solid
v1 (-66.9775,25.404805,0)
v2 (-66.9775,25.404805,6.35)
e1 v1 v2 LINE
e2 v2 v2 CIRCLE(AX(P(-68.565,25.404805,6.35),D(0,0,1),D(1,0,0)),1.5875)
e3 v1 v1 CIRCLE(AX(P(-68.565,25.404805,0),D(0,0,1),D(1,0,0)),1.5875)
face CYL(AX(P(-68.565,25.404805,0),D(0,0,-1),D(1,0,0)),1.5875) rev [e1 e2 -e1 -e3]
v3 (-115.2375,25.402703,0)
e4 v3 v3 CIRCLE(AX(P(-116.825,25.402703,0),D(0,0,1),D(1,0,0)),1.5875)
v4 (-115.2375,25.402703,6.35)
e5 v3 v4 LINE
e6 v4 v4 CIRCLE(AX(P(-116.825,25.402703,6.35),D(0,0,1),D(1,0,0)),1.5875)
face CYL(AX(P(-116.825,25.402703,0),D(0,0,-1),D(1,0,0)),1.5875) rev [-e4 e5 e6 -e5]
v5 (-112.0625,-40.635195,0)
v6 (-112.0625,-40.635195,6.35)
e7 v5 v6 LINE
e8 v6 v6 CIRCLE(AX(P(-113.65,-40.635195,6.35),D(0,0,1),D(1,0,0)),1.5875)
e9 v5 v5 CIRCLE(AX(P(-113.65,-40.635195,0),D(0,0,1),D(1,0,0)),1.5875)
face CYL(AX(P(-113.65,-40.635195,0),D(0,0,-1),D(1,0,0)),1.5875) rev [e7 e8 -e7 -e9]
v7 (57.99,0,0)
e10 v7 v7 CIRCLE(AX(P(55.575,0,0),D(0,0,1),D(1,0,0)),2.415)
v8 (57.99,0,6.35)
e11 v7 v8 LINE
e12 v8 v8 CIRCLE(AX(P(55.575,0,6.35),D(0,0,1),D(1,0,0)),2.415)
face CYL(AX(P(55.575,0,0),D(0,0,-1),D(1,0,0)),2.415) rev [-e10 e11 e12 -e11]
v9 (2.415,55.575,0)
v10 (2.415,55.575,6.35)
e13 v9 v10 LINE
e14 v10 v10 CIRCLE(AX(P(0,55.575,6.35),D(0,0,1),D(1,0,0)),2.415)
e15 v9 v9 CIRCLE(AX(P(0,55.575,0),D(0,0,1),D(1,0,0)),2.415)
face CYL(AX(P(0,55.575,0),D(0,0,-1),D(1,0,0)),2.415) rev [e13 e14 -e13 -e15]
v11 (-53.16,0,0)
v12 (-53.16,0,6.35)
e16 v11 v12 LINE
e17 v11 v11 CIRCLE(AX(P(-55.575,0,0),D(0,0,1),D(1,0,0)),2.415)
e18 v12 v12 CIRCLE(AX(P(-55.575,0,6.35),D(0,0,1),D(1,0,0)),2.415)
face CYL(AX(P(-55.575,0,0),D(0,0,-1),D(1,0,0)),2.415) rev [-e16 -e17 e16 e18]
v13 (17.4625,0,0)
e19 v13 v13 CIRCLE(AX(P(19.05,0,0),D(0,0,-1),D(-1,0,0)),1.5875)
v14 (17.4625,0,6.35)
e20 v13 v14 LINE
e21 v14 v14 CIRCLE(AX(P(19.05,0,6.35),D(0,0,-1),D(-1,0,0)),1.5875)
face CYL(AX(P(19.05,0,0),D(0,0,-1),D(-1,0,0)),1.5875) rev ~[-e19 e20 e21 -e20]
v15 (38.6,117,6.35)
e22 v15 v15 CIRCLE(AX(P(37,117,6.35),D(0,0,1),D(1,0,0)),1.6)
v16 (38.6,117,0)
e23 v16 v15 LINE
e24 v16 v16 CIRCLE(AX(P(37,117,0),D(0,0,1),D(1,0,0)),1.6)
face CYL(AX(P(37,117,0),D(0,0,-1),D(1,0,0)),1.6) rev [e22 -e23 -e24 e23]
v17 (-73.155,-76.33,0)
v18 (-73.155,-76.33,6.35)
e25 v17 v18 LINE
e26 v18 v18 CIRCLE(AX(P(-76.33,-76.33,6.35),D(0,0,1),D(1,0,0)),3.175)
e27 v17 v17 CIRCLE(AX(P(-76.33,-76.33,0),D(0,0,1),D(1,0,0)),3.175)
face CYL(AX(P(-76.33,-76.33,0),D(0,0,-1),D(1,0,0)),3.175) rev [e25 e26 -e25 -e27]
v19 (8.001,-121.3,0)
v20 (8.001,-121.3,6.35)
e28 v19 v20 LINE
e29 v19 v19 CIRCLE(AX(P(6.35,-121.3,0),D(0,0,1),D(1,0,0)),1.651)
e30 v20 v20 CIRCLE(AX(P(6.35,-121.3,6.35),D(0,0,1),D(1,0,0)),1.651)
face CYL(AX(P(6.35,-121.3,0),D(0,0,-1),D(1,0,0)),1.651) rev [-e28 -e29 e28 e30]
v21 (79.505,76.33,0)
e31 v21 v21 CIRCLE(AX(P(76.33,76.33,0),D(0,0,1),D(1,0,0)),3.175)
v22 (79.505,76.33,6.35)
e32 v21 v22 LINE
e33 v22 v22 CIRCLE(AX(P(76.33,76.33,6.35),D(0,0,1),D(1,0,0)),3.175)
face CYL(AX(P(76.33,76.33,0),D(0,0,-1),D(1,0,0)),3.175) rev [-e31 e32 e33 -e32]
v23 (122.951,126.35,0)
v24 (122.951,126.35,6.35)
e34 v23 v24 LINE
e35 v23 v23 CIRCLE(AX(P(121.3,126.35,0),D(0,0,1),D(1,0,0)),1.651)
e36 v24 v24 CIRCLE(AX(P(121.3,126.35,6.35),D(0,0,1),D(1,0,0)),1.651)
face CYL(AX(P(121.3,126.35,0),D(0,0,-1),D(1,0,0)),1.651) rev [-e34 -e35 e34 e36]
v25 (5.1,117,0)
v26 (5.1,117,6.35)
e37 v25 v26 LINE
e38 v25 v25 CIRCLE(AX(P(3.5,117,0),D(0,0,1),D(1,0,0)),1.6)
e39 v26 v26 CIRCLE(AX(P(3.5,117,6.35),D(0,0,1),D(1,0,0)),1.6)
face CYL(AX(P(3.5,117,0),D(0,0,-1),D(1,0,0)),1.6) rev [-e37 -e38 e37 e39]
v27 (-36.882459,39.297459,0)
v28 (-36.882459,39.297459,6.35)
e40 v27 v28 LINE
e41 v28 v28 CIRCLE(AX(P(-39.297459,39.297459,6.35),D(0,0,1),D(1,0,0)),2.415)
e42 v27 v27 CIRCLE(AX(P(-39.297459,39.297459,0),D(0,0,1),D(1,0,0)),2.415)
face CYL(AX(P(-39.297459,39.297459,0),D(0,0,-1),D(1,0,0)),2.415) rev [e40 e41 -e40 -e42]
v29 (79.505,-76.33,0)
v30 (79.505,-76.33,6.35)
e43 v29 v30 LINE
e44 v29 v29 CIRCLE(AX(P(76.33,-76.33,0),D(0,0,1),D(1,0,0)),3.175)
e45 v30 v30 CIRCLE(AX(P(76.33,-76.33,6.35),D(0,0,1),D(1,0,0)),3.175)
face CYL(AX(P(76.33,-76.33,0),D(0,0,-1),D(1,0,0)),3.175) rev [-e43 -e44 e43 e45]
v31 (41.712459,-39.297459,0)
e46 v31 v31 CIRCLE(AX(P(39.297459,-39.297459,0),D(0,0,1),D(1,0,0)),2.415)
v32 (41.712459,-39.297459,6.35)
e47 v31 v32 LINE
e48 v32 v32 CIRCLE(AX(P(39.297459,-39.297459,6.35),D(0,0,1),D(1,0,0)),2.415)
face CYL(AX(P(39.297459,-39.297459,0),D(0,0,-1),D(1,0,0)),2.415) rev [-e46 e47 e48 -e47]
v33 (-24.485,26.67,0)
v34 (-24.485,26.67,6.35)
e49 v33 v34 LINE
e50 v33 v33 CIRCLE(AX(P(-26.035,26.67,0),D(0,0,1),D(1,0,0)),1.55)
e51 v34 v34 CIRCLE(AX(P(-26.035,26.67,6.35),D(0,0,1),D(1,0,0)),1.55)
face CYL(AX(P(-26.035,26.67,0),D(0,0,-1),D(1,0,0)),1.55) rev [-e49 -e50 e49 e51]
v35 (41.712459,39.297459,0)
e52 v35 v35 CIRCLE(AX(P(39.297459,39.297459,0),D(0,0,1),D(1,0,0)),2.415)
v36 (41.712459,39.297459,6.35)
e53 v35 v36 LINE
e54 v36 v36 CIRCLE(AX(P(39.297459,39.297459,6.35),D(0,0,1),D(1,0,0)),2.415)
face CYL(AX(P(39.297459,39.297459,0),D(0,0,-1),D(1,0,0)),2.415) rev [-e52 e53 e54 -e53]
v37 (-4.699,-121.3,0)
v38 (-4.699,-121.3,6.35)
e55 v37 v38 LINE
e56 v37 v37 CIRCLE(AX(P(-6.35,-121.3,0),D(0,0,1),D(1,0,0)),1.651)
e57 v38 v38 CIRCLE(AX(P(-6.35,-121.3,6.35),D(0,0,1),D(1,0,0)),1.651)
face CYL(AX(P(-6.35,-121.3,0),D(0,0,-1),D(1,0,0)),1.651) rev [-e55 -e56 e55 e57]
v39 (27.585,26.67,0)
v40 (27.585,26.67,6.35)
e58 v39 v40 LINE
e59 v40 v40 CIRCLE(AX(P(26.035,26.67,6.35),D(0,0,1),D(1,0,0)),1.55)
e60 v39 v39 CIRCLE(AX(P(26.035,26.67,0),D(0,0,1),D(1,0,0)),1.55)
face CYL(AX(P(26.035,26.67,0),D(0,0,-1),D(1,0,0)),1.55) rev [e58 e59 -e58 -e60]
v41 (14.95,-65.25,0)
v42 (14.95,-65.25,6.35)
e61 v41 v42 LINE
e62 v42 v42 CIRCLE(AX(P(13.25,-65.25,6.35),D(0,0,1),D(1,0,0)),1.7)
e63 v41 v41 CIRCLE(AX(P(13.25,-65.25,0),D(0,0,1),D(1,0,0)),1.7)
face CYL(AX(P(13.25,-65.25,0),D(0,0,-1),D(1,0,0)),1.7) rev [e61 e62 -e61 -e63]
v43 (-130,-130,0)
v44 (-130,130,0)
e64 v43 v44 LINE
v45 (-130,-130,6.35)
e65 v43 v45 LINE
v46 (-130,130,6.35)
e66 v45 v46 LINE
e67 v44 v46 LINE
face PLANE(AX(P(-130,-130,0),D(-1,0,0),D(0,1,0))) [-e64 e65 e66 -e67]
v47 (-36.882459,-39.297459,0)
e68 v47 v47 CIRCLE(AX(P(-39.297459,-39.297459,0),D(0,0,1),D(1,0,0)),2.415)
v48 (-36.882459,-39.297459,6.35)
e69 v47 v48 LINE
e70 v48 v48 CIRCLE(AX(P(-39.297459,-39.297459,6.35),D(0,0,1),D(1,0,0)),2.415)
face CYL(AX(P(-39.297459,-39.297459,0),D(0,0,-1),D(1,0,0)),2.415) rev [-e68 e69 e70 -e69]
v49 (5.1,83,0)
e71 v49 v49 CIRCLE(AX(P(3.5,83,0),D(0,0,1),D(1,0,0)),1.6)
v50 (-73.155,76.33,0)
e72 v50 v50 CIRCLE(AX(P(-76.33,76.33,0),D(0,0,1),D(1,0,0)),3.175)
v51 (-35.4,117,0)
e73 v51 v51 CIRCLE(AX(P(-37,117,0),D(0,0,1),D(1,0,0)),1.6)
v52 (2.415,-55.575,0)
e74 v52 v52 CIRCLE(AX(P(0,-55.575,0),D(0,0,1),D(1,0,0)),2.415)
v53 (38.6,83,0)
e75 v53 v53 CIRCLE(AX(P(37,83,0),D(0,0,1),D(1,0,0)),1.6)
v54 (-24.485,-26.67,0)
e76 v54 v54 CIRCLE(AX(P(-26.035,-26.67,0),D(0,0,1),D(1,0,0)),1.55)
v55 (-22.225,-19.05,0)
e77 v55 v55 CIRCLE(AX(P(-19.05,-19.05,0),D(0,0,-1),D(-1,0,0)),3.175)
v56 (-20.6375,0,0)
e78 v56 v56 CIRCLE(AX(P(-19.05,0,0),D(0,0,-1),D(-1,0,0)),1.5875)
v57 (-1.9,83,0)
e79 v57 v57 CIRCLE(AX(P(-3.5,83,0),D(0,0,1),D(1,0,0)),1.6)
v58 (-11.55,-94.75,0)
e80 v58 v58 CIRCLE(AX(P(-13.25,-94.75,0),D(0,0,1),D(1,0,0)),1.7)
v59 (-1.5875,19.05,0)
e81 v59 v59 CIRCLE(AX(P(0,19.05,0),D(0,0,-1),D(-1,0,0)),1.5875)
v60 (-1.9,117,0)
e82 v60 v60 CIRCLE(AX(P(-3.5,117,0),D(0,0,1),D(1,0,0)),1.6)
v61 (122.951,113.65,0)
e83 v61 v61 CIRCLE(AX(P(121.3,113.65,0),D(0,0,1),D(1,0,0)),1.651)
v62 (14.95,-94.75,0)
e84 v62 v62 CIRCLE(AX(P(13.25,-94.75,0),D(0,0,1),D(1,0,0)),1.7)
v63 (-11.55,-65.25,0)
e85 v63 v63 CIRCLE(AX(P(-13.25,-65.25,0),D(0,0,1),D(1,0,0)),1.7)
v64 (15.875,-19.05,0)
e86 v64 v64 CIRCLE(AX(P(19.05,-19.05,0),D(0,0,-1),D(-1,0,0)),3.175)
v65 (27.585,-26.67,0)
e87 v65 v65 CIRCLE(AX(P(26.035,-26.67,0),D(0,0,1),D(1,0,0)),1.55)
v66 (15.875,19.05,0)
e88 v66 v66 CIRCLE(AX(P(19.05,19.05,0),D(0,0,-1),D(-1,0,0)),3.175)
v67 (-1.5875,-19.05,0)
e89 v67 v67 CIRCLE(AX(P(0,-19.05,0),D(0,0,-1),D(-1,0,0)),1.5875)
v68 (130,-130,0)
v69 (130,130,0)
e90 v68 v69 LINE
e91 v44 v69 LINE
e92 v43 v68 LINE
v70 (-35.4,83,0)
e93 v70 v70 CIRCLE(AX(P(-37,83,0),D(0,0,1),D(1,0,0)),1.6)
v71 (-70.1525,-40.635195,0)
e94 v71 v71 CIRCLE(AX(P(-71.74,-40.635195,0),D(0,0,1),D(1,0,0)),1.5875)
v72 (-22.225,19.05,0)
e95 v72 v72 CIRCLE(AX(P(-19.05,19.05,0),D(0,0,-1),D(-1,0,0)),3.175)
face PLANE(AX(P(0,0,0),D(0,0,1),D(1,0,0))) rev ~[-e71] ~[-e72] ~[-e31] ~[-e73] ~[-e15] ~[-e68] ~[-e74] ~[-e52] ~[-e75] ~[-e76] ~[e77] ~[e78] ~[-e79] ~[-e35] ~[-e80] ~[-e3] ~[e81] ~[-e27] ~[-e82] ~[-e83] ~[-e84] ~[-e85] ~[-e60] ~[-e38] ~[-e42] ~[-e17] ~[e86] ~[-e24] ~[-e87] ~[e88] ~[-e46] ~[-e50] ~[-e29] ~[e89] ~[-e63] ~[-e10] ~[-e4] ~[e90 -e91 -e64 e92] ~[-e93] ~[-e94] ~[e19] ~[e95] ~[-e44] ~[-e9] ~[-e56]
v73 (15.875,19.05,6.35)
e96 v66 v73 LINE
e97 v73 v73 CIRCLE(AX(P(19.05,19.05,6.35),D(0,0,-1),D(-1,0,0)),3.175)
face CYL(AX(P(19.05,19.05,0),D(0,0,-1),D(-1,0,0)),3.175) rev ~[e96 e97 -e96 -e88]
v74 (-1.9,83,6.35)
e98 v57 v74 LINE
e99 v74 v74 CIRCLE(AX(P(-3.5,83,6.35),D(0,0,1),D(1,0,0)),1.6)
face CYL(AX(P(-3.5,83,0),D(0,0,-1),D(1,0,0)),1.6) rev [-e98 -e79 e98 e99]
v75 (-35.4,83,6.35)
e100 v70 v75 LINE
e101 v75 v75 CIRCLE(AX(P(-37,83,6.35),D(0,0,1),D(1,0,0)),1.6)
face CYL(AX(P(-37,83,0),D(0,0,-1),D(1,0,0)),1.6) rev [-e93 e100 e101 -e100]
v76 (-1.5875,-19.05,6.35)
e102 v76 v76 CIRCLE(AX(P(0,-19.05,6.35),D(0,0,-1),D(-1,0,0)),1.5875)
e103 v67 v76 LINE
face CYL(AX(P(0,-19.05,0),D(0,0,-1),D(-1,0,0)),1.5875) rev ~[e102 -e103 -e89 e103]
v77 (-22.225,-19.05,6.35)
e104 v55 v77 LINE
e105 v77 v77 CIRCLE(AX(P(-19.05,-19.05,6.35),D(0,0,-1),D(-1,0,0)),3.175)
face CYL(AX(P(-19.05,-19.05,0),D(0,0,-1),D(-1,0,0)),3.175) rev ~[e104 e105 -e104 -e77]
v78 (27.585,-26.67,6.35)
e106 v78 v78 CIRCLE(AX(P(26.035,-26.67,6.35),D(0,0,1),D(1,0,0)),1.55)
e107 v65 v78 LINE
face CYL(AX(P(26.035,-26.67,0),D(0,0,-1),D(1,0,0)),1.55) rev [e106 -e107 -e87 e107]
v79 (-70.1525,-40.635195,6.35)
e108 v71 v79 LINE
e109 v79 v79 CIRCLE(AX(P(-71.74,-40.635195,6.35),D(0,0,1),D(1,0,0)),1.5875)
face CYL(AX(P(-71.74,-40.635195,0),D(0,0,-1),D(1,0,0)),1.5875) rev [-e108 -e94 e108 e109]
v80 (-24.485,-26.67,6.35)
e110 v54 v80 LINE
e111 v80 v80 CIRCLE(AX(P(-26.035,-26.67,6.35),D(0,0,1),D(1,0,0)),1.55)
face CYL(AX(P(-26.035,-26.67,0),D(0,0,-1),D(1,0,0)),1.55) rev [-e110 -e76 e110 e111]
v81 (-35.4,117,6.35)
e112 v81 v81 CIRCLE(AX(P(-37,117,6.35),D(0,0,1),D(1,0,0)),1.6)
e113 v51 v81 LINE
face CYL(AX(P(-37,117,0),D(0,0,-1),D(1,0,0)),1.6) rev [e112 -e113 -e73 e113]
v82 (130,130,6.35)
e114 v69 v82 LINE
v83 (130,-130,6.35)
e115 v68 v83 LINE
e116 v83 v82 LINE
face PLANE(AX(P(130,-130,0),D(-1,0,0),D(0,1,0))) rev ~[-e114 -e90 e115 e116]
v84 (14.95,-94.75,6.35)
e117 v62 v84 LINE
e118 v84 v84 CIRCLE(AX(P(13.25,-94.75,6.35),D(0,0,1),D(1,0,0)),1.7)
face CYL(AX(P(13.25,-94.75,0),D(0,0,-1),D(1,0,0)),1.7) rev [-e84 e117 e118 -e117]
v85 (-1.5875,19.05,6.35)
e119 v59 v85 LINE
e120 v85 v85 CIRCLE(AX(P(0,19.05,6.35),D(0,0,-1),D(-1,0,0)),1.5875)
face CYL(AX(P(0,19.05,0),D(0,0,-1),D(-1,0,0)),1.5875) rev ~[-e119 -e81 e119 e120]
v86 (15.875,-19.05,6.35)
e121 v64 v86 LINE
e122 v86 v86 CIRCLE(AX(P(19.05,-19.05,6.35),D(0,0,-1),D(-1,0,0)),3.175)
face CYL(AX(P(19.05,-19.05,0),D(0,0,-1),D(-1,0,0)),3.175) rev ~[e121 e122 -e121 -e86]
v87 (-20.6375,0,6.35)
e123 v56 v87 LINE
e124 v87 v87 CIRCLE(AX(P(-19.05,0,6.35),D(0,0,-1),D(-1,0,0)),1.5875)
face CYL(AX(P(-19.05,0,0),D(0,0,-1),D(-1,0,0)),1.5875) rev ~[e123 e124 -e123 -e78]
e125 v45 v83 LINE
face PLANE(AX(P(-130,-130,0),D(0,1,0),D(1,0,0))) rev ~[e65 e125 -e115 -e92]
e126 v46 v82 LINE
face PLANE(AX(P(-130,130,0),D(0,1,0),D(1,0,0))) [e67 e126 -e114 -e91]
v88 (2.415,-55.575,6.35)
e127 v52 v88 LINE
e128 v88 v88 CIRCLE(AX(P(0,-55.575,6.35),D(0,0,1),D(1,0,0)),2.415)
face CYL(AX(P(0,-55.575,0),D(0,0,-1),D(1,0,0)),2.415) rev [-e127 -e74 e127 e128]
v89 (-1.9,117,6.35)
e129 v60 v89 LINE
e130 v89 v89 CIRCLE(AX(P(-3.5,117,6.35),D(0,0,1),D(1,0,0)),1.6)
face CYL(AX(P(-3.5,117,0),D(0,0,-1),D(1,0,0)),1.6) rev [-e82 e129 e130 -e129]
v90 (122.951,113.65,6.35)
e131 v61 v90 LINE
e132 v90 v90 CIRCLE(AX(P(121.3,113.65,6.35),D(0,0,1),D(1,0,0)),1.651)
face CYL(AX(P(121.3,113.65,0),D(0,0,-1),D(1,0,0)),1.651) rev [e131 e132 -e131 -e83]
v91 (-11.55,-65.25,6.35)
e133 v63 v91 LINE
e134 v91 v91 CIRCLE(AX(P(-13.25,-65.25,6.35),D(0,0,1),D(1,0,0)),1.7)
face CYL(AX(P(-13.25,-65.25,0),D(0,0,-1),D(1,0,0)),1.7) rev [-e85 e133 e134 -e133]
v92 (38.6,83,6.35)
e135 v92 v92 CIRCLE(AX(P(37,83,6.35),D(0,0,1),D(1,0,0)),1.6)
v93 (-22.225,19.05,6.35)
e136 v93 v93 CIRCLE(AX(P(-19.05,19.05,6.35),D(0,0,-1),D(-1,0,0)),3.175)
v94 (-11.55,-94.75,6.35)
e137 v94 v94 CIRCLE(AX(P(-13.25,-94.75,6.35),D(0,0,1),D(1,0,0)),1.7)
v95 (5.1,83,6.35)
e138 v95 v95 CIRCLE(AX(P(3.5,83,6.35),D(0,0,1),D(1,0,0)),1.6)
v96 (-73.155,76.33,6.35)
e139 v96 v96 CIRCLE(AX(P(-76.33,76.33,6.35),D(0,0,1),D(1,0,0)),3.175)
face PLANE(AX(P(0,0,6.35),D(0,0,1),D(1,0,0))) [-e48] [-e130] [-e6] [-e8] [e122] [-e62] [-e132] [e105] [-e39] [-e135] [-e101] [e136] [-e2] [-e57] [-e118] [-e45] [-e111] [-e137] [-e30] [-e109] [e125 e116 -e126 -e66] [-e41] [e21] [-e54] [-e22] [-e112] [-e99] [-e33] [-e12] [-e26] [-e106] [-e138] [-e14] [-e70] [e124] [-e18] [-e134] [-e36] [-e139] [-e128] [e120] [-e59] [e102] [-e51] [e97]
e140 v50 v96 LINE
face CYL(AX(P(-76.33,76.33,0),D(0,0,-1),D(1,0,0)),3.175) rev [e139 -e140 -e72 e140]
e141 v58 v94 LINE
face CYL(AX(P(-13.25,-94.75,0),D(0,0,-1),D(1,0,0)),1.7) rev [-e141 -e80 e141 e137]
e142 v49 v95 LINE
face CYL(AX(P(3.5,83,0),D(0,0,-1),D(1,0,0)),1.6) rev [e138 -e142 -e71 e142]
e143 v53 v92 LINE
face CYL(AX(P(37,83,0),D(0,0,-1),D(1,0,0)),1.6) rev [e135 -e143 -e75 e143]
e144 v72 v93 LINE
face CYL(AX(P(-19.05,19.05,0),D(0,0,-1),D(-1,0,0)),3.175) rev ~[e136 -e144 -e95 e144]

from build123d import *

# Parameters (mm, degrees)
SKETCH1_W           = 260
SKETCH1_H           = 260
SKETCH1_R           = 1.55
SKETCH1_R_2         = 1.5875
SKETCH1_R_3         = 1.6
SKETCH1_R_4         = 1.7
SKETCH1_R_5         = 3.175
SKETCH1_R_6         = 2.415
SKETCH1_R_7         = 1.651
BOSS_EXTRUDE2_DEPTH = 6.35
SKETCH2_R           = 1.5875
CUT_EXTRUDE1_DEPTH  = 7.35
SKETCH3_R           = 3.175
CUT_EXTRUDE2_DEPTH  = 7.35


with BuildPart() as part:
    # Sketch1 → Boss-Extrude2 (new body)
    with BuildSketch(Plane.XY):
        Rectangle(SKETCH1_W, SKETCH1_H)
        with Locations((-26.035, 26.67)):
            Circle(SKETCH1_R, mode=Mode.SUBTRACT)
        with Locations((-26.035, -26.67)):
            Circle(SKETCH1_R, mode=Mode.SUBTRACT)
        with Locations((26.035, 26.67)):
            Circle(SKETCH1_R, mode=Mode.SUBTRACT)
        with Locations((26.035, -26.67)):
            Circle(SKETCH1_R, mode=Mode.SUBTRACT)
        with Locations((-116.825, 25.402702903)):
            Circle(SKETCH1_R_2, mode=Mode.SUBTRACT)
        with Locations((-113.65, -40.635194695)):
            Circle(SKETCH1_R_2, mode=Mode.SUBTRACT)
        with Locations((-68.565, 25.404805305)):
            Circle(SKETCH1_R_2, mode=Mode.SUBTRACT)
        with Locations((-37, 117)):
            Circle(SKETCH1_R_3, mode=Mode.SUBTRACT)
        with Locations((-37, 83)):
            Circle(SKETCH1_R_3, mode=Mode.SUBTRACT)
        with Locations((-3.5, 117)):
            Circle(SKETCH1_R_3, mode=Mode.SUBTRACT)
        with Locations((-3.5, 83)):
            Circle(SKETCH1_R_3, mode=Mode.SUBTRACT)
        with Locations((3.5, 117)):
            Circle(SKETCH1_R_3, mode=Mode.SUBTRACT)
        with Locations((37, 117)):
            Circle(SKETCH1_R_3, mode=Mode.SUBTRACT)
        with Locations((37, 83)):
            Circle(SKETCH1_R_3, mode=Mode.SUBTRACT)
        with Locations((3.5, 83)):
            Circle(SKETCH1_R_3, mode=Mode.SUBTRACT)
        with Locations((-13.25, -65.25)):
            Circle(SKETCH1_R_4, mode=Mode.SUBTRACT)
        with Locations((13.25, -65.25)):
            Circle(SKETCH1_R_4, mode=Mode.SUBTRACT)
        with Locations((13.25, -94.75)):
            Circle(SKETCH1_R_4, mode=Mode.SUBTRACT)
        with Locations((-13.25, -94.75)):
            Circle(SKETCH1_R_4, mode=Mode.SUBTRACT)
        with Locations((-76.33, 76.33)):
            Circle(SKETCH1_R_5, mode=Mode.SUBTRACT)
        with Locations((0, 55.575)):
            Circle(SKETCH1_R_6, mode=Mode.SUBTRACT)
        with Locations((-55.575, 0)):
            Circle(SKETCH1_R_6, mode=Mode.SUBTRACT)
        with Locations((0, -55.575)):
            Circle(SKETCH1_R_6, mode=Mode.SUBTRACT)
        with Locations((55.575, 0)):
            Circle(SKETCH1_R_6, mode=Mode.SUBTRACT)
        with Locations((-39.297459364, 39.297459364)):
            Circle(SKETCH1_R_6, mode=Mode.SUBTRACT)
        with Locations((39.297459364, 39.297459364)):
            Circle(SKETCH1_R_6, mode=Mode.SUBTRACT)
        with Locations((39.297459364, -39.297459364)):
            Circle(SKETCH1_R_6, mode=Mode.SUBTRACT)
        with Locations((-39.297459364, -39.297459364)):
            Circle(SKETCH1_R_6, mode=Mode.SUBTRACT)
        with Locations((76.33, 76.33)):
            Circle(SKETCH1_R_5, mode=Mode.SUBTRACT)
        with Locations((76.33, -76.33)):
            Circle(SKETCH1_R_5, mode=Mode.SUBTRACT)
        with Locations((-76.33, -76.33)):
            Circle(SKETCH1_R_5, mode=Mode.SUBTRACT)
        with Locations((-71.74, -40.635194695)):
            Circle(SKETCH1_R_2, mode=Mode.SUBTRACT)
        with Locations((6.35, -121.3)):
            Circle(SKETCH1_R_7, mode=Mode.SUBTRACT)
        with Locations((-6.35, -121.3)):
            Circle(SKETCH1_R_7, mode=Mode.SUBTRACT)
        with Locations((121.3, 126.35)):
            Circle(SKETCH1_R_7, mode=Mode.SUBTRACT)
        with Locations((121.3, 113.65)):
            Circle(SKETCH1_R_7, mode=Mode.SUBTRACT)
    extrude(amount=BOSS_EXTRUDE2_DEPTH)

    # Sketch2 → Cut-Extrude1 (cut, through all)
    with BuildSketch(Plane(origin=(0, 0, 0), x_dir=(-1, 0, 0), z_dir=(0, 0, -1))):
        with Locations((0, 19.05)):
            Circle(SKETCH2_R)
        with Locations((-19.05, 0)):
            Circle(SKETCH2_R)
        with Locations((19.05, 0)):
            Circle(SKETCH2_R)
        with Locations((0, -19.05)):
            Circle(SKETCH2_R)
    extrude(amount=-CUT_EXTRUDE1_DEPTH, mode=Mode.SUBTRACT)

    # Sketch3 → Cut-Extrude2 (cut, through all)
    with BuildSketch(Plane(origin=(0, 0, 0), x_dir=(-1, 0, 0), z_dir=(0, 0, -1))):
        with Locations((-19.05, 19.05)):
            Circle(SKETCH3_R)
        with Locations((19.05, 19.05)):
            Circle(SKETCH3_R)
        with Locations((-19.05, -19.05)):
            Circle(SKETCH3_R)
        with Locations((19.05, -19.05)):
            Circle(SKETCH3_R)
    extrude(amount=-CUT_EXTRUDE2_DEPTH, mode=Mode.SUBTRACT)


solid = part.part
